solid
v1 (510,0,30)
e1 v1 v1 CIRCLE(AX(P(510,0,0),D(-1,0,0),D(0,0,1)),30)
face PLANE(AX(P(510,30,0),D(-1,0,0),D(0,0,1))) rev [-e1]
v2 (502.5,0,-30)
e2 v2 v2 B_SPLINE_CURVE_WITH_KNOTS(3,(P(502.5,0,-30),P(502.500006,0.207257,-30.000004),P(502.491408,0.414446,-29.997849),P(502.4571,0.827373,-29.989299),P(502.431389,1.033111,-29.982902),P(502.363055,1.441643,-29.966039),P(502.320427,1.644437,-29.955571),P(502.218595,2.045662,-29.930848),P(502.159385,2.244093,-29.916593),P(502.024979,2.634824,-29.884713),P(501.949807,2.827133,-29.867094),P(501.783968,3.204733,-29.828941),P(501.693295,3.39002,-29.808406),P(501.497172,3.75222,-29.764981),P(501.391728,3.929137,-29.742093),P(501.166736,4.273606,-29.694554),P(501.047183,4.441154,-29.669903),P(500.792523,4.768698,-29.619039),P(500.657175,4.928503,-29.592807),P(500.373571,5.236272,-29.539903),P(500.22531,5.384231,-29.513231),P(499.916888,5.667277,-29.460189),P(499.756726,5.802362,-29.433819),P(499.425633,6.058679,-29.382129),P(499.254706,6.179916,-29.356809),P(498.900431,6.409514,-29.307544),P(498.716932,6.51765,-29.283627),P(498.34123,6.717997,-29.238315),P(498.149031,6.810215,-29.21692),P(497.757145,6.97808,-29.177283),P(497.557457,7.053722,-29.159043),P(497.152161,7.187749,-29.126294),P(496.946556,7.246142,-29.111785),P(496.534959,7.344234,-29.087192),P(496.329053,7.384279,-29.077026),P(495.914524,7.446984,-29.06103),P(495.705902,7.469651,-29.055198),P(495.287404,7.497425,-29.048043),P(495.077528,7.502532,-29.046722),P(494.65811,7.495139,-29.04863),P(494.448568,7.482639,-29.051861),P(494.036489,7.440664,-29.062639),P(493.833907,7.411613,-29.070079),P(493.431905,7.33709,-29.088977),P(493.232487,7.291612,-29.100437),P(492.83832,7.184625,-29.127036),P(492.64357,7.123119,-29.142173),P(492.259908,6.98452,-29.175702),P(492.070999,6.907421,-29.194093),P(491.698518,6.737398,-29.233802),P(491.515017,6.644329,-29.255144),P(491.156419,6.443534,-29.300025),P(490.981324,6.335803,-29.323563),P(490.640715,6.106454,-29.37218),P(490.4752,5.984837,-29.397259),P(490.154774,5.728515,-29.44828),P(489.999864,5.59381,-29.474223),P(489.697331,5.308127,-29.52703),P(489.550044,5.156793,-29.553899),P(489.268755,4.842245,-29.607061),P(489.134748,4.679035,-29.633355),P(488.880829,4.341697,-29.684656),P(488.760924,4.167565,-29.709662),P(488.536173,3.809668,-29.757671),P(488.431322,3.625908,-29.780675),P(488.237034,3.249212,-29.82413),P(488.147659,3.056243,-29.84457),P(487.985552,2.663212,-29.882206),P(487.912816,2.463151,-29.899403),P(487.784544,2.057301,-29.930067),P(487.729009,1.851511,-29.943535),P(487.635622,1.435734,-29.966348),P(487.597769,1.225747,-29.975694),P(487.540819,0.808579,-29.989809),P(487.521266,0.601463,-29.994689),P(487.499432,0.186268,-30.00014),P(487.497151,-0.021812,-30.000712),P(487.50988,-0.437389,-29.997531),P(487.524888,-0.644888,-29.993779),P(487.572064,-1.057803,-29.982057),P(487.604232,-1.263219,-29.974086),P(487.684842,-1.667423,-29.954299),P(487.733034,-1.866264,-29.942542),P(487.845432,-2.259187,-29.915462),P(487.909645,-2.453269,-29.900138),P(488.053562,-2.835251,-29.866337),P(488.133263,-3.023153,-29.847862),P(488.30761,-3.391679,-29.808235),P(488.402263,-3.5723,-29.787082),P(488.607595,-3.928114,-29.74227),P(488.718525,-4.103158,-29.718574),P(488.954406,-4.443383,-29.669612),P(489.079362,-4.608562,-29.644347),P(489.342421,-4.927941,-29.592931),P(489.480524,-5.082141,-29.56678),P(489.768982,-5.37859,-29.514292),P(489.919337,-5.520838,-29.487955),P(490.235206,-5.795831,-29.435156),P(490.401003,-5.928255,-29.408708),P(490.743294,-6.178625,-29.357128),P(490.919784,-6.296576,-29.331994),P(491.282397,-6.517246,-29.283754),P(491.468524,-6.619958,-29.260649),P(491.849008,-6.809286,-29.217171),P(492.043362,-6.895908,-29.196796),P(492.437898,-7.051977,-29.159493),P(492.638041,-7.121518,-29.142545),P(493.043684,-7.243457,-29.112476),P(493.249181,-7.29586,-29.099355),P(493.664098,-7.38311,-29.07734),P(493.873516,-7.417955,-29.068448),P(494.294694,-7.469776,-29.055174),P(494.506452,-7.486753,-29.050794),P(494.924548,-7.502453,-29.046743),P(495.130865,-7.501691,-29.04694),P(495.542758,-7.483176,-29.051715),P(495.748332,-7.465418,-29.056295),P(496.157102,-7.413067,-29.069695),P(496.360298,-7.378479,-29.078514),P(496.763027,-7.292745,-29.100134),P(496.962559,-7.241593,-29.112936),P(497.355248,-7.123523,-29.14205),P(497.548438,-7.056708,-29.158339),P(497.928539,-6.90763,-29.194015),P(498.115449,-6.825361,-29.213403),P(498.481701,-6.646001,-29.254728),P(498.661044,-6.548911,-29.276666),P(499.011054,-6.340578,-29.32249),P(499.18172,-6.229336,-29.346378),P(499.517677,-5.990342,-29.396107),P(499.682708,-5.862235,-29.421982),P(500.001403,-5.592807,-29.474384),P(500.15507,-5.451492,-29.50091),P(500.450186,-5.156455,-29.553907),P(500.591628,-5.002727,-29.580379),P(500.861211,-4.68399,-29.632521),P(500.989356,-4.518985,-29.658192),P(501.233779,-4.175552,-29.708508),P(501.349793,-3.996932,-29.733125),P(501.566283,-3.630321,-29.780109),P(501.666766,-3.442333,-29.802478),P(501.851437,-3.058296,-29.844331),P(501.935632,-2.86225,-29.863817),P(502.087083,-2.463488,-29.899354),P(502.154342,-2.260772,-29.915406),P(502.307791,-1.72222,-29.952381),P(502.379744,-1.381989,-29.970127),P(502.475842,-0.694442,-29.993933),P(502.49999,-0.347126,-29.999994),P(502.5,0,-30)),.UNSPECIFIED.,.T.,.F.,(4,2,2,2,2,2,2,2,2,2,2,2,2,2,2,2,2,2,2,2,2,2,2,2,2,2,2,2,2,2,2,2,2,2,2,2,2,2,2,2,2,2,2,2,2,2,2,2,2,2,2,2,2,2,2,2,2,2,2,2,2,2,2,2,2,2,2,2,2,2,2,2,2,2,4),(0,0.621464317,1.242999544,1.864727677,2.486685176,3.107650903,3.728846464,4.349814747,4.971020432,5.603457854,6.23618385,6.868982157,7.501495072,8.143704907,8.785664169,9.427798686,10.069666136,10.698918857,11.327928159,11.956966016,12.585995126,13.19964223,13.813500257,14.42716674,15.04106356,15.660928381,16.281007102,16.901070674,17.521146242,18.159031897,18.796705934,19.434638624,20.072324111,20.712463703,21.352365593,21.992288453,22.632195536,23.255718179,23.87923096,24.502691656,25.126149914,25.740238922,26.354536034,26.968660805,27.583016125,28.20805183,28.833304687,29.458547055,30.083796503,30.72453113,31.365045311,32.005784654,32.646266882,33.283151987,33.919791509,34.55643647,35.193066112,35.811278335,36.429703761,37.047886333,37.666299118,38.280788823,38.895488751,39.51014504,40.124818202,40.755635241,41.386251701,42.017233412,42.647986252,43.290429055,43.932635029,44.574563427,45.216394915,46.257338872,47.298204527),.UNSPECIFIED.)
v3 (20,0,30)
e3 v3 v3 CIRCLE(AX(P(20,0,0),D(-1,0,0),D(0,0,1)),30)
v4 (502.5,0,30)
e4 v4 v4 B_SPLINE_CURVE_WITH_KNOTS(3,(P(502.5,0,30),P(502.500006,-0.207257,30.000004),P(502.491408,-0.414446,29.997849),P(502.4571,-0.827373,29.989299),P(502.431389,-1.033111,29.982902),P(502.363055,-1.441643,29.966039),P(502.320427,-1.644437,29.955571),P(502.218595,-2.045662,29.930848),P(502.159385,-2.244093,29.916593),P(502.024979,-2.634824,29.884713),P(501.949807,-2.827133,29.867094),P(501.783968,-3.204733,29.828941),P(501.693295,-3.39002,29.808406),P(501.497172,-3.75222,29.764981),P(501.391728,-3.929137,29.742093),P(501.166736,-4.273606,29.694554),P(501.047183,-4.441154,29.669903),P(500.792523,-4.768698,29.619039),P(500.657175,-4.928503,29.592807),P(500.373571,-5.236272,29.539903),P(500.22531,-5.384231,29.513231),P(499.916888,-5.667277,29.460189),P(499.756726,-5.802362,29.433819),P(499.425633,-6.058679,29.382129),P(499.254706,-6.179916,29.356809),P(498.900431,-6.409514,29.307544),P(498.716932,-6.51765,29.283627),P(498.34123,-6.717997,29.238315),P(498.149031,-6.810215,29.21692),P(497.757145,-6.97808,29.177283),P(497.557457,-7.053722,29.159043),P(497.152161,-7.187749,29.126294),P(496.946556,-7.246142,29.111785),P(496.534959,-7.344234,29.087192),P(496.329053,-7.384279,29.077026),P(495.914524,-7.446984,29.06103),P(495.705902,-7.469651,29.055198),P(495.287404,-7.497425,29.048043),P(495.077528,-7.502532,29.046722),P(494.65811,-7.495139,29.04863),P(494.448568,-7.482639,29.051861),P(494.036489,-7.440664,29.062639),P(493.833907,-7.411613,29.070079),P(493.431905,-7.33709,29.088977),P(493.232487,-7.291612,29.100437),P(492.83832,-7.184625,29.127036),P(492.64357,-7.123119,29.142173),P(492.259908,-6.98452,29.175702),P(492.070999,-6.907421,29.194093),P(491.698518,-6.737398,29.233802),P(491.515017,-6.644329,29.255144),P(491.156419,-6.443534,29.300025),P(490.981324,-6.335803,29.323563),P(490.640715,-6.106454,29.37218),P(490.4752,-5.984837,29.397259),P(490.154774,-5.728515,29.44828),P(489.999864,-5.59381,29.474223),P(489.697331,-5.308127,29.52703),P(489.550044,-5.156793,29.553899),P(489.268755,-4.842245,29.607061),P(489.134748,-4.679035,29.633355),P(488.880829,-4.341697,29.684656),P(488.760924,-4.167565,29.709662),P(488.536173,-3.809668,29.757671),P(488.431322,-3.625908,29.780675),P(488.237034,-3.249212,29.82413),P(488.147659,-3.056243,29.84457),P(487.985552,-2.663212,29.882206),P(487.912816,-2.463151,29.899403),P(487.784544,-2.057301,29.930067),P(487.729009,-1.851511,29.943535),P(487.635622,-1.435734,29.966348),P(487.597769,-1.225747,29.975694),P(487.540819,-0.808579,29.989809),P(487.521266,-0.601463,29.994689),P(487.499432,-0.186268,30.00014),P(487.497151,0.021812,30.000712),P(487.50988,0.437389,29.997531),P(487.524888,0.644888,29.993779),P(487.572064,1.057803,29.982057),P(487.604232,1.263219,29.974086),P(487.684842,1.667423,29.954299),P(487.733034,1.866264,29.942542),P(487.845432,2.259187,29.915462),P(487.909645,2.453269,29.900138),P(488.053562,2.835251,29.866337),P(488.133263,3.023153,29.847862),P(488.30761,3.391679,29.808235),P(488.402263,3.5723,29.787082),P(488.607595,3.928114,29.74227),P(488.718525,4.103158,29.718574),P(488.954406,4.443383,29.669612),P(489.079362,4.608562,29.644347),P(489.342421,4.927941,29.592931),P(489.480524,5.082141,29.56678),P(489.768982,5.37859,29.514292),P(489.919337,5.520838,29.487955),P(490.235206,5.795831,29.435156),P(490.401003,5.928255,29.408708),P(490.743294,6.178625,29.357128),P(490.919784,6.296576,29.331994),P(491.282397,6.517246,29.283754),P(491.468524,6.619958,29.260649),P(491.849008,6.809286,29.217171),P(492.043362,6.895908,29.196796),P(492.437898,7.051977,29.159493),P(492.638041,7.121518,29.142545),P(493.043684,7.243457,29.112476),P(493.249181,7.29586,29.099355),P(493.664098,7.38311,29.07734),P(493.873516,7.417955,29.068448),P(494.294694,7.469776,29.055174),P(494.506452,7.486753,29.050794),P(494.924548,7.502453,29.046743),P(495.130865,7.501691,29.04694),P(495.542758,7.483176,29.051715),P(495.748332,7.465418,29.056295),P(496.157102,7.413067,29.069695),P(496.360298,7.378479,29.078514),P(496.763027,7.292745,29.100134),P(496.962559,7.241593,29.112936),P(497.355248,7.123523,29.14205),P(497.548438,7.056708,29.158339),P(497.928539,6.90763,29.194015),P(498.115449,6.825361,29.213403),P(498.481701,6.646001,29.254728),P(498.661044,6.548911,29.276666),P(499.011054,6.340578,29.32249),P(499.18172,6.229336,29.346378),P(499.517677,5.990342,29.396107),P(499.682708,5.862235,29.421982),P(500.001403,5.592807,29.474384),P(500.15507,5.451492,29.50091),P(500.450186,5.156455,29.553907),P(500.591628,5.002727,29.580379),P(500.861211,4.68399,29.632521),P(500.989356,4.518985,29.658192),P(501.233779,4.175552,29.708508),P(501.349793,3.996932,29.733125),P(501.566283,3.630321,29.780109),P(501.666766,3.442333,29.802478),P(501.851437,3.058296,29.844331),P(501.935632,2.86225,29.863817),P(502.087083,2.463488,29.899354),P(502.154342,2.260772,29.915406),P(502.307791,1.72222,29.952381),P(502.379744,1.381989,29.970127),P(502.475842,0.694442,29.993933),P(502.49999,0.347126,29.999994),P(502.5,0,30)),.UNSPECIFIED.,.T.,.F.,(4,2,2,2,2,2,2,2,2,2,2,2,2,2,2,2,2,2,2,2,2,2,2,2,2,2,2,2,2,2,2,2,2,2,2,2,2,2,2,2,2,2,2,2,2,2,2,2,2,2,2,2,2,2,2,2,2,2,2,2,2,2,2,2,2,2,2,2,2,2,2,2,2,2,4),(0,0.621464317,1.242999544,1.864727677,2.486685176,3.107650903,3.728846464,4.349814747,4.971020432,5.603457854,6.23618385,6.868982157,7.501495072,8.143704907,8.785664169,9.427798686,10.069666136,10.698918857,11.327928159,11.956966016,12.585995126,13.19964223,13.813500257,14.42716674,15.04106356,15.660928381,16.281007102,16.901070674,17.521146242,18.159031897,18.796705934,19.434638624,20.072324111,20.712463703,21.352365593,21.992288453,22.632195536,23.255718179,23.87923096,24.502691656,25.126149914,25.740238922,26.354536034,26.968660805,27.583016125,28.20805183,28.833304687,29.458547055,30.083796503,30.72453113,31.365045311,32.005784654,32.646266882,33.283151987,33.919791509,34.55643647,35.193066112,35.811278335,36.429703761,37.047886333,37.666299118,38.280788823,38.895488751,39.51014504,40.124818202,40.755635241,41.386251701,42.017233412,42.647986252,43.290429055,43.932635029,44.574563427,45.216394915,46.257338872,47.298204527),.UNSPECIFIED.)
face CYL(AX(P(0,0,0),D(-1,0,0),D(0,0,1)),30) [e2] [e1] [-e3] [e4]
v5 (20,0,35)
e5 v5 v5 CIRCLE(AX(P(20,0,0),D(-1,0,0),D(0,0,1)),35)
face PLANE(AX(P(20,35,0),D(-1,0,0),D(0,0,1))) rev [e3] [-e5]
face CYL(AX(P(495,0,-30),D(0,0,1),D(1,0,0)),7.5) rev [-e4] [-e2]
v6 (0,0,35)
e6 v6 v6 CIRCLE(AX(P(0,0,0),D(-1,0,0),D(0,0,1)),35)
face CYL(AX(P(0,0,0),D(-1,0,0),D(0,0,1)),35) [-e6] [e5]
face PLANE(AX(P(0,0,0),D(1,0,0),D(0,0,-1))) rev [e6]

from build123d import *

# Parameters (mm, degrees)
IZIM2_R               = 7.5
KES_EKSTR_ZYON1_DEPTH = 30


with BuildPart() as part:
    # Çizim1 → Döndür1 (revolve)
    with BuildSketch(Plane.XY, mode=Mode.PRIVATE) as d_nd_r1_sk:
        Polygon((0, 0), (0, 35), (20, 35), (20, 30), (510, 30), (510, 0), align=None)
    revolve(d_nd_r1_sk.sketch.rotate(Axis((0, 0, 0), (1, 0, 0)), 90), axis=Axis((0, 0, 0), (1, 0, 0)))

    # Çizim2 → Kes-Ekstrüzyon1 (cut, symmetric)
    with BuildSketch(Plane.XY):
        with Locations((495, 0)):
            Circle(IZIM2_R)
    extrude(amount=KES_EKSTR_ZYON1_DEPTH, both=True, mode=Mode.SUBTRACT)


solid = part.part
